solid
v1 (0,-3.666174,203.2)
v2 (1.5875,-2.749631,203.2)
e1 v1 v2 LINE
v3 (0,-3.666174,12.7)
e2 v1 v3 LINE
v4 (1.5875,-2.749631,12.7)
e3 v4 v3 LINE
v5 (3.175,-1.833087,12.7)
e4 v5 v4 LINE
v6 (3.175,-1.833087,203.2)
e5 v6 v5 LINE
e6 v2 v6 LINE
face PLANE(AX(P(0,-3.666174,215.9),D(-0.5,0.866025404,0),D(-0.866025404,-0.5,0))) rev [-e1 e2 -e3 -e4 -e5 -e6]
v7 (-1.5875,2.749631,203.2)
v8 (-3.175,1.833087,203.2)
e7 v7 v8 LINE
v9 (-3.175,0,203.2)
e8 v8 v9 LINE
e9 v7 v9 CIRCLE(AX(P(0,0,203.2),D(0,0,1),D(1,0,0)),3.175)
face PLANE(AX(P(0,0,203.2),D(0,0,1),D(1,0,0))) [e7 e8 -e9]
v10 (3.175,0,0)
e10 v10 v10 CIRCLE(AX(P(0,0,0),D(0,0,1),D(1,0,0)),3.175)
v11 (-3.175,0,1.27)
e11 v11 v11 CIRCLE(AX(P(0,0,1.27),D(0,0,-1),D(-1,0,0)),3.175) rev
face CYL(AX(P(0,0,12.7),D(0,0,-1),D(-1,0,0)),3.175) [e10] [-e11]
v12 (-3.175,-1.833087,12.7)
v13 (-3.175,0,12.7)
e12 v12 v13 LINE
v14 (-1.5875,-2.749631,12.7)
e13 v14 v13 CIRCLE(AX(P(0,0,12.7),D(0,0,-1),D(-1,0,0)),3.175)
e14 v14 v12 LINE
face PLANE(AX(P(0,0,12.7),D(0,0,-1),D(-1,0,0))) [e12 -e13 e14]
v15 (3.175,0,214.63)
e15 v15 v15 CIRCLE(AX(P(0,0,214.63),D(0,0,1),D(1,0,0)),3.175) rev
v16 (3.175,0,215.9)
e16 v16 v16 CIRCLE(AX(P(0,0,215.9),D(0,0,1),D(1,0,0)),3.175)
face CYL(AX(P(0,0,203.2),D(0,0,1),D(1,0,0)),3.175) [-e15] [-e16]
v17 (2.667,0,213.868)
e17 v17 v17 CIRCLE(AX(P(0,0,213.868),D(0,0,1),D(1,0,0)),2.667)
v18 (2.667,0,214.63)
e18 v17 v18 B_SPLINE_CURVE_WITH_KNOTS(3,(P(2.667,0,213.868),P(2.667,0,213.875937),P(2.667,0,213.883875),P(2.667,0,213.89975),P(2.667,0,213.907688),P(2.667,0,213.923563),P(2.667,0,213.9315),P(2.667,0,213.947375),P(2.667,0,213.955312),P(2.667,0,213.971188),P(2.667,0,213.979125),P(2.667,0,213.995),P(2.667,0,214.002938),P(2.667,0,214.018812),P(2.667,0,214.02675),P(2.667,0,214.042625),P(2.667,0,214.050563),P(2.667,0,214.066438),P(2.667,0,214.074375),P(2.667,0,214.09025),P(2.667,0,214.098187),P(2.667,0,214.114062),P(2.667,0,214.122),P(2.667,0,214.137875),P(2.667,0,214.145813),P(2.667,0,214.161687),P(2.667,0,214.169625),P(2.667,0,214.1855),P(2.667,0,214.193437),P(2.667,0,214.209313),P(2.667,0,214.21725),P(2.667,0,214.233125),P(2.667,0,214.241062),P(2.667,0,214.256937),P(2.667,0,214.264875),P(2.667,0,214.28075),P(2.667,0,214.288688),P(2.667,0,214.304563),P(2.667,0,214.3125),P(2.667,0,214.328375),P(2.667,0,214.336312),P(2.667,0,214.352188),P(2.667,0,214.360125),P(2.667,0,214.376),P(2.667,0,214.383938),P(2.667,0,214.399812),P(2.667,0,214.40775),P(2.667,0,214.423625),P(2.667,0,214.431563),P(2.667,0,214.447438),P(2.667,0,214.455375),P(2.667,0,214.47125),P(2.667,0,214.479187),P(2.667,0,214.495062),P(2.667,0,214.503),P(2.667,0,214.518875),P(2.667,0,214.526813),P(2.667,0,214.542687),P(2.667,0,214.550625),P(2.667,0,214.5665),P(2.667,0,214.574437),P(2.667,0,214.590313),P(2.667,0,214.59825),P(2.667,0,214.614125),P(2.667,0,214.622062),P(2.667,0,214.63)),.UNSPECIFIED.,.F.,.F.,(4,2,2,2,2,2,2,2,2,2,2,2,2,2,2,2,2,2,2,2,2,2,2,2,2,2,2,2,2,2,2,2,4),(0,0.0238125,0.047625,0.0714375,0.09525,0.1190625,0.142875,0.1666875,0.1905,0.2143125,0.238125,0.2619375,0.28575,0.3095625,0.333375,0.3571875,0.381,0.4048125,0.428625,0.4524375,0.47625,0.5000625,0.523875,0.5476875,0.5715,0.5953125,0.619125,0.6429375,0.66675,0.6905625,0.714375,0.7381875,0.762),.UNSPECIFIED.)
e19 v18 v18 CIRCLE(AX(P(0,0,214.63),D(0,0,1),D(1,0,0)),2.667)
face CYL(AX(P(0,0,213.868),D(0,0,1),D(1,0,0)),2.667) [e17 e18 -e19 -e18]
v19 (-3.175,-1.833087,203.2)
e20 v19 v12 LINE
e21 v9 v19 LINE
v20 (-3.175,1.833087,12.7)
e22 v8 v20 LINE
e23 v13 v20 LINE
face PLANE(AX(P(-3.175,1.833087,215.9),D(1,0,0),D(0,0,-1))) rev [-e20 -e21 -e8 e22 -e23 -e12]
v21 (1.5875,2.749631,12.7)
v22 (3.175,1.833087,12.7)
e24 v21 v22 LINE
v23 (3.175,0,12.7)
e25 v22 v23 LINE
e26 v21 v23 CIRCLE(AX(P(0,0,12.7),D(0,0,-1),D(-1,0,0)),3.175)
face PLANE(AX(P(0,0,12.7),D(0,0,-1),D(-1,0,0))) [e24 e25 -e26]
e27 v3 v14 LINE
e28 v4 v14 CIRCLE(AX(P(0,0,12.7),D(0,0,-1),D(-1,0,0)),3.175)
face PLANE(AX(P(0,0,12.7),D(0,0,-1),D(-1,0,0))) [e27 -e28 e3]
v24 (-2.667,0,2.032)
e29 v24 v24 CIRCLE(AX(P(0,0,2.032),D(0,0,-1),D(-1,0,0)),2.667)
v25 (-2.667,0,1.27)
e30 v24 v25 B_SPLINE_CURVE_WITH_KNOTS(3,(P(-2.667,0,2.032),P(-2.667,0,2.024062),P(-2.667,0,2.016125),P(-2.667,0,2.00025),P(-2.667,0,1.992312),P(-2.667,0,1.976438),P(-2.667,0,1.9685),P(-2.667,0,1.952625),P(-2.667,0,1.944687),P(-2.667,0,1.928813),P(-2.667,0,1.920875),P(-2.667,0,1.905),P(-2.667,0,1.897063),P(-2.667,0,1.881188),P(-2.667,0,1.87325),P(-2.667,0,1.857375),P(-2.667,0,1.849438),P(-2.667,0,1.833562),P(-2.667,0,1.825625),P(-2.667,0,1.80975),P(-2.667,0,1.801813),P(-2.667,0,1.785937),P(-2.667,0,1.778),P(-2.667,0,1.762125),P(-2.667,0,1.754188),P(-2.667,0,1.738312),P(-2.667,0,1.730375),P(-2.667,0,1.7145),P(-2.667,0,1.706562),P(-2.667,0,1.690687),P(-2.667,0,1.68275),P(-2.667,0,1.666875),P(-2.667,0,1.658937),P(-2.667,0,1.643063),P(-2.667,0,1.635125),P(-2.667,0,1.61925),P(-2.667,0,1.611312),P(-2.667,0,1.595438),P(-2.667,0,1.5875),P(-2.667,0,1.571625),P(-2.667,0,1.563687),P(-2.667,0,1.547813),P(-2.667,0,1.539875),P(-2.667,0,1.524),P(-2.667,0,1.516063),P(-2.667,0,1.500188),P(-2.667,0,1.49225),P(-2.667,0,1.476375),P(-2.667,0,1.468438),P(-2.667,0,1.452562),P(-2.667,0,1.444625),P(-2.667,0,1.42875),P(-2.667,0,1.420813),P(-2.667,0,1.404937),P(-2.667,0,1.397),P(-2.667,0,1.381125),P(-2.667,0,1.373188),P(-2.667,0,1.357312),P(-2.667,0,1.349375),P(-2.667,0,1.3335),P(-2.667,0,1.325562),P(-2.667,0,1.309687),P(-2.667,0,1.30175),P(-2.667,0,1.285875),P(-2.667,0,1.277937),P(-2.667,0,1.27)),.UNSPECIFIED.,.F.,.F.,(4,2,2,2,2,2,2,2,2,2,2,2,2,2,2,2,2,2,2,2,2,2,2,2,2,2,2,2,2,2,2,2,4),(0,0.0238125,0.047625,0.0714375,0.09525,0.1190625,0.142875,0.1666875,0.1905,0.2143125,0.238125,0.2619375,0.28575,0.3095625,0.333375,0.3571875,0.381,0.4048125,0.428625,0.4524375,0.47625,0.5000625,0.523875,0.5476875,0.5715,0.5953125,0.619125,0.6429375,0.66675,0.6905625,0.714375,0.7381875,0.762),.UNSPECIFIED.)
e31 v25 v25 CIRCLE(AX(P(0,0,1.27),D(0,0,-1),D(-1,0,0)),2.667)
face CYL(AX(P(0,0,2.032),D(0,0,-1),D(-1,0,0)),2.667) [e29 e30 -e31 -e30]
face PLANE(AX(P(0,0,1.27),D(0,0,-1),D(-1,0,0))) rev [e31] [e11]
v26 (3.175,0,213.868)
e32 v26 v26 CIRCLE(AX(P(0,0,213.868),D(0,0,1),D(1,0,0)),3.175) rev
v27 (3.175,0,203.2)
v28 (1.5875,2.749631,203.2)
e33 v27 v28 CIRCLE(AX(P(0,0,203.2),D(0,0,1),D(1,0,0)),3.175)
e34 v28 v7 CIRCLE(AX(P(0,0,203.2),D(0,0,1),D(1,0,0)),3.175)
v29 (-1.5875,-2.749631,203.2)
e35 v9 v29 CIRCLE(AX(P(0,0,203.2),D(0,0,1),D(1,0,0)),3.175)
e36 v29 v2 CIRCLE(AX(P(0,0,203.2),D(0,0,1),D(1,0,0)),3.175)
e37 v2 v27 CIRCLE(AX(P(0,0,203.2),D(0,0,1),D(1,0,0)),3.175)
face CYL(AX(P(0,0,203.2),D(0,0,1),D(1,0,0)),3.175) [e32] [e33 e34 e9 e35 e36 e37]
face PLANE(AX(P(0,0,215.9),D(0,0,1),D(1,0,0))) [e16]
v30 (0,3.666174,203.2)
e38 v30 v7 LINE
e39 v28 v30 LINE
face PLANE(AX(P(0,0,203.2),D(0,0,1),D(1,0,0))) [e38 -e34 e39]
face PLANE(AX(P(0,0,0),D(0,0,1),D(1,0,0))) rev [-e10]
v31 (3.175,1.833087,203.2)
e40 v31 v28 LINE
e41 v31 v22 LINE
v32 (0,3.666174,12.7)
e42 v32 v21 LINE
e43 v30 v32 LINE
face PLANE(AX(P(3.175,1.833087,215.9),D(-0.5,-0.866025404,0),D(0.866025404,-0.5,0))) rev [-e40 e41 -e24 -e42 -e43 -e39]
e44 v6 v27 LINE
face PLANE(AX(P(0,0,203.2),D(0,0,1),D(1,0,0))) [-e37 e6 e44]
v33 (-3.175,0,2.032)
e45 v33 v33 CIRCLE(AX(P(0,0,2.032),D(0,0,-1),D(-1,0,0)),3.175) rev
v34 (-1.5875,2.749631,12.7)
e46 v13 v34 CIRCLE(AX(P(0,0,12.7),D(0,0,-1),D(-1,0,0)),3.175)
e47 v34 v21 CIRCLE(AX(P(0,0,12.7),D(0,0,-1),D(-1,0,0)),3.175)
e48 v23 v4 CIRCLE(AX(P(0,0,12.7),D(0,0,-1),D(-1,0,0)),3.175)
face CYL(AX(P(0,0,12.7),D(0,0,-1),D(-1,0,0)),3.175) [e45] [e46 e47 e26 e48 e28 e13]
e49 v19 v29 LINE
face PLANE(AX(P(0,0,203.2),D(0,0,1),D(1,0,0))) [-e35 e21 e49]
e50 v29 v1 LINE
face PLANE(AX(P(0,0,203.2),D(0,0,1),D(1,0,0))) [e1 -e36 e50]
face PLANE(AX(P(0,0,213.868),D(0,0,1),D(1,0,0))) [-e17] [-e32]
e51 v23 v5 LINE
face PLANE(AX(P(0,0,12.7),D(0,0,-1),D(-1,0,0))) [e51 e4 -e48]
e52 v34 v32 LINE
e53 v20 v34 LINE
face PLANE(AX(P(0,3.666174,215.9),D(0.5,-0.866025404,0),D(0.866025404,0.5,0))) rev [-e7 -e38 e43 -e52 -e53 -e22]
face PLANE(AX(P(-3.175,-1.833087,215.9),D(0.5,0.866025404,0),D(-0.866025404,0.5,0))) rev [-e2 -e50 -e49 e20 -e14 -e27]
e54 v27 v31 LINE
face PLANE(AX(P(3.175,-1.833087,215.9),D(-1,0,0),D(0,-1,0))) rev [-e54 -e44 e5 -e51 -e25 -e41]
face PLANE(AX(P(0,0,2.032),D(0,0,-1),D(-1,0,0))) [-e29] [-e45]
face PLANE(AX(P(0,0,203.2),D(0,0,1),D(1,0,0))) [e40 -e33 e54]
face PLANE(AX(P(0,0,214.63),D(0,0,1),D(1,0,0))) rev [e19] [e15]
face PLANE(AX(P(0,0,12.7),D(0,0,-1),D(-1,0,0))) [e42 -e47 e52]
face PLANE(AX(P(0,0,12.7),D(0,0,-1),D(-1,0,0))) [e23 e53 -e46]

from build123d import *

# Parameters (mm, degrees)
BOSS_EXTRUDE2_DEPTH = 215.9
SKETCH5_OUTSIDE_W   = 51.574
SKETCH5_OUTSIDE_H   = 52.556
SKETCH5_OUTSIDE_R   = 3.175
CUT_EXTRUDE1_DEPTH  = 12.7
SKETCH6_OUTSIDE_W   = 51.574
SKETCH6_OUTSIDE_H   = 52.556
SKETCH6_OUTSIDE_R   = 3.175
CUT_EXTRUDE2_DEPTH  = 12.7
SKETCH7_OUTSIDE_W   = 51.574
SKETCH7_OUTSIDE_H   = 52.556
SKETCH7_OUTSIDE_R   = 2.667
CUT_EXTRUDE3_DEPTH  = 0.762
SKETCH9_OUTSIDE_W   = 51.574
SKETCH9_OUTSIDE_H   = 52.556
SKETCH9_OUTSIDE_R   = 2.667
CUT_EXTRUDE4_DEPTH  = 0.762


with BuildPart() as part:
    # Sketch3 → Boss-Extrude2 (new body)
    with BuildSketch(Plane.XY):
        Polygon((0, 3.666174209), (-3.175, 1.833087105), (-3.175, -1.833087105), (0, -3.666174209), (3.175, -1.833087105), (3.175, 1.833087105), align=None)
    extrude(amount=BOSS_EXTRUDE2_DEPTH)

    # Sketch5 outside → Cut-Extrude1 (cut)
    with BuildSketch(Plane(origin=(0, 0, 0), x_dir=(-1, 0, 0), z_dir=(0, 0, -1))):
        Rectangle(SKETCH5_OUTSIDE_W, SKETCH5_OUTSIDE_H)
        with Locations(Location((0, 0, 0), (0, 0, 180))):
            Circle(SKETCH5_OUTSIDE_R, mode=Mode.SUBTRACT)
    extrude(amount=-CUT_EXTRUDE1_DEPTH, mode=Mode.SUBTRACT)

    # Sketch6 outside → Cut-Extrude2 (cut)
    with BuildSketch(Plane.XY.offset(215.9)):
        Rectangle(SKETCH6_OUTSIDE_W, SKETCH6_OUTSIDE_H)
        Circle(SKETCH6_OUTSIDE_R, mode=Mode.SUBTRACT)
    extrude(amount=-CUT_EXTRUDE2_DEPTH, mode=Mode.SUBTRACT)

    # Sketch7 outside → Cut-Extrude3 (cut)
    with BuildSketch(Plane.XY.offset(214.63)):
        Rectangle(SKETCH7_OUTSIDE_W, SKETCH7_OUTSIDE_H)
        Circle(SKETCH7_OUTSIDE_R, mode=Mode.SUBTRACT)
    extrude(amount=-CUT_EXTRUDE3_DEPTH, mode=Mode.SUBTRACT)

    # Sketch9 outside → Cut-Extrude4 (cut)
    with BuildSketch(Plane(origin=(0, 0, 1.27), x_dir=(-1, 0, 0), z_dir=(0, 0, -1))):
        Rectangle(SKETCH9_OUTSIDE_W, SKETCH9_OUTSIDE_H)
        with Locations(Location((0, 0, 0), (0, 0, 180))):
            Circle(SKETCH9_OUTSIDE_R, mode=Mode.SUBTRACT)
    extrude(amount=-CUT_EXTRUDE4_DEPTH, mode=Mode.SUBTRACT)


solid = part.part
